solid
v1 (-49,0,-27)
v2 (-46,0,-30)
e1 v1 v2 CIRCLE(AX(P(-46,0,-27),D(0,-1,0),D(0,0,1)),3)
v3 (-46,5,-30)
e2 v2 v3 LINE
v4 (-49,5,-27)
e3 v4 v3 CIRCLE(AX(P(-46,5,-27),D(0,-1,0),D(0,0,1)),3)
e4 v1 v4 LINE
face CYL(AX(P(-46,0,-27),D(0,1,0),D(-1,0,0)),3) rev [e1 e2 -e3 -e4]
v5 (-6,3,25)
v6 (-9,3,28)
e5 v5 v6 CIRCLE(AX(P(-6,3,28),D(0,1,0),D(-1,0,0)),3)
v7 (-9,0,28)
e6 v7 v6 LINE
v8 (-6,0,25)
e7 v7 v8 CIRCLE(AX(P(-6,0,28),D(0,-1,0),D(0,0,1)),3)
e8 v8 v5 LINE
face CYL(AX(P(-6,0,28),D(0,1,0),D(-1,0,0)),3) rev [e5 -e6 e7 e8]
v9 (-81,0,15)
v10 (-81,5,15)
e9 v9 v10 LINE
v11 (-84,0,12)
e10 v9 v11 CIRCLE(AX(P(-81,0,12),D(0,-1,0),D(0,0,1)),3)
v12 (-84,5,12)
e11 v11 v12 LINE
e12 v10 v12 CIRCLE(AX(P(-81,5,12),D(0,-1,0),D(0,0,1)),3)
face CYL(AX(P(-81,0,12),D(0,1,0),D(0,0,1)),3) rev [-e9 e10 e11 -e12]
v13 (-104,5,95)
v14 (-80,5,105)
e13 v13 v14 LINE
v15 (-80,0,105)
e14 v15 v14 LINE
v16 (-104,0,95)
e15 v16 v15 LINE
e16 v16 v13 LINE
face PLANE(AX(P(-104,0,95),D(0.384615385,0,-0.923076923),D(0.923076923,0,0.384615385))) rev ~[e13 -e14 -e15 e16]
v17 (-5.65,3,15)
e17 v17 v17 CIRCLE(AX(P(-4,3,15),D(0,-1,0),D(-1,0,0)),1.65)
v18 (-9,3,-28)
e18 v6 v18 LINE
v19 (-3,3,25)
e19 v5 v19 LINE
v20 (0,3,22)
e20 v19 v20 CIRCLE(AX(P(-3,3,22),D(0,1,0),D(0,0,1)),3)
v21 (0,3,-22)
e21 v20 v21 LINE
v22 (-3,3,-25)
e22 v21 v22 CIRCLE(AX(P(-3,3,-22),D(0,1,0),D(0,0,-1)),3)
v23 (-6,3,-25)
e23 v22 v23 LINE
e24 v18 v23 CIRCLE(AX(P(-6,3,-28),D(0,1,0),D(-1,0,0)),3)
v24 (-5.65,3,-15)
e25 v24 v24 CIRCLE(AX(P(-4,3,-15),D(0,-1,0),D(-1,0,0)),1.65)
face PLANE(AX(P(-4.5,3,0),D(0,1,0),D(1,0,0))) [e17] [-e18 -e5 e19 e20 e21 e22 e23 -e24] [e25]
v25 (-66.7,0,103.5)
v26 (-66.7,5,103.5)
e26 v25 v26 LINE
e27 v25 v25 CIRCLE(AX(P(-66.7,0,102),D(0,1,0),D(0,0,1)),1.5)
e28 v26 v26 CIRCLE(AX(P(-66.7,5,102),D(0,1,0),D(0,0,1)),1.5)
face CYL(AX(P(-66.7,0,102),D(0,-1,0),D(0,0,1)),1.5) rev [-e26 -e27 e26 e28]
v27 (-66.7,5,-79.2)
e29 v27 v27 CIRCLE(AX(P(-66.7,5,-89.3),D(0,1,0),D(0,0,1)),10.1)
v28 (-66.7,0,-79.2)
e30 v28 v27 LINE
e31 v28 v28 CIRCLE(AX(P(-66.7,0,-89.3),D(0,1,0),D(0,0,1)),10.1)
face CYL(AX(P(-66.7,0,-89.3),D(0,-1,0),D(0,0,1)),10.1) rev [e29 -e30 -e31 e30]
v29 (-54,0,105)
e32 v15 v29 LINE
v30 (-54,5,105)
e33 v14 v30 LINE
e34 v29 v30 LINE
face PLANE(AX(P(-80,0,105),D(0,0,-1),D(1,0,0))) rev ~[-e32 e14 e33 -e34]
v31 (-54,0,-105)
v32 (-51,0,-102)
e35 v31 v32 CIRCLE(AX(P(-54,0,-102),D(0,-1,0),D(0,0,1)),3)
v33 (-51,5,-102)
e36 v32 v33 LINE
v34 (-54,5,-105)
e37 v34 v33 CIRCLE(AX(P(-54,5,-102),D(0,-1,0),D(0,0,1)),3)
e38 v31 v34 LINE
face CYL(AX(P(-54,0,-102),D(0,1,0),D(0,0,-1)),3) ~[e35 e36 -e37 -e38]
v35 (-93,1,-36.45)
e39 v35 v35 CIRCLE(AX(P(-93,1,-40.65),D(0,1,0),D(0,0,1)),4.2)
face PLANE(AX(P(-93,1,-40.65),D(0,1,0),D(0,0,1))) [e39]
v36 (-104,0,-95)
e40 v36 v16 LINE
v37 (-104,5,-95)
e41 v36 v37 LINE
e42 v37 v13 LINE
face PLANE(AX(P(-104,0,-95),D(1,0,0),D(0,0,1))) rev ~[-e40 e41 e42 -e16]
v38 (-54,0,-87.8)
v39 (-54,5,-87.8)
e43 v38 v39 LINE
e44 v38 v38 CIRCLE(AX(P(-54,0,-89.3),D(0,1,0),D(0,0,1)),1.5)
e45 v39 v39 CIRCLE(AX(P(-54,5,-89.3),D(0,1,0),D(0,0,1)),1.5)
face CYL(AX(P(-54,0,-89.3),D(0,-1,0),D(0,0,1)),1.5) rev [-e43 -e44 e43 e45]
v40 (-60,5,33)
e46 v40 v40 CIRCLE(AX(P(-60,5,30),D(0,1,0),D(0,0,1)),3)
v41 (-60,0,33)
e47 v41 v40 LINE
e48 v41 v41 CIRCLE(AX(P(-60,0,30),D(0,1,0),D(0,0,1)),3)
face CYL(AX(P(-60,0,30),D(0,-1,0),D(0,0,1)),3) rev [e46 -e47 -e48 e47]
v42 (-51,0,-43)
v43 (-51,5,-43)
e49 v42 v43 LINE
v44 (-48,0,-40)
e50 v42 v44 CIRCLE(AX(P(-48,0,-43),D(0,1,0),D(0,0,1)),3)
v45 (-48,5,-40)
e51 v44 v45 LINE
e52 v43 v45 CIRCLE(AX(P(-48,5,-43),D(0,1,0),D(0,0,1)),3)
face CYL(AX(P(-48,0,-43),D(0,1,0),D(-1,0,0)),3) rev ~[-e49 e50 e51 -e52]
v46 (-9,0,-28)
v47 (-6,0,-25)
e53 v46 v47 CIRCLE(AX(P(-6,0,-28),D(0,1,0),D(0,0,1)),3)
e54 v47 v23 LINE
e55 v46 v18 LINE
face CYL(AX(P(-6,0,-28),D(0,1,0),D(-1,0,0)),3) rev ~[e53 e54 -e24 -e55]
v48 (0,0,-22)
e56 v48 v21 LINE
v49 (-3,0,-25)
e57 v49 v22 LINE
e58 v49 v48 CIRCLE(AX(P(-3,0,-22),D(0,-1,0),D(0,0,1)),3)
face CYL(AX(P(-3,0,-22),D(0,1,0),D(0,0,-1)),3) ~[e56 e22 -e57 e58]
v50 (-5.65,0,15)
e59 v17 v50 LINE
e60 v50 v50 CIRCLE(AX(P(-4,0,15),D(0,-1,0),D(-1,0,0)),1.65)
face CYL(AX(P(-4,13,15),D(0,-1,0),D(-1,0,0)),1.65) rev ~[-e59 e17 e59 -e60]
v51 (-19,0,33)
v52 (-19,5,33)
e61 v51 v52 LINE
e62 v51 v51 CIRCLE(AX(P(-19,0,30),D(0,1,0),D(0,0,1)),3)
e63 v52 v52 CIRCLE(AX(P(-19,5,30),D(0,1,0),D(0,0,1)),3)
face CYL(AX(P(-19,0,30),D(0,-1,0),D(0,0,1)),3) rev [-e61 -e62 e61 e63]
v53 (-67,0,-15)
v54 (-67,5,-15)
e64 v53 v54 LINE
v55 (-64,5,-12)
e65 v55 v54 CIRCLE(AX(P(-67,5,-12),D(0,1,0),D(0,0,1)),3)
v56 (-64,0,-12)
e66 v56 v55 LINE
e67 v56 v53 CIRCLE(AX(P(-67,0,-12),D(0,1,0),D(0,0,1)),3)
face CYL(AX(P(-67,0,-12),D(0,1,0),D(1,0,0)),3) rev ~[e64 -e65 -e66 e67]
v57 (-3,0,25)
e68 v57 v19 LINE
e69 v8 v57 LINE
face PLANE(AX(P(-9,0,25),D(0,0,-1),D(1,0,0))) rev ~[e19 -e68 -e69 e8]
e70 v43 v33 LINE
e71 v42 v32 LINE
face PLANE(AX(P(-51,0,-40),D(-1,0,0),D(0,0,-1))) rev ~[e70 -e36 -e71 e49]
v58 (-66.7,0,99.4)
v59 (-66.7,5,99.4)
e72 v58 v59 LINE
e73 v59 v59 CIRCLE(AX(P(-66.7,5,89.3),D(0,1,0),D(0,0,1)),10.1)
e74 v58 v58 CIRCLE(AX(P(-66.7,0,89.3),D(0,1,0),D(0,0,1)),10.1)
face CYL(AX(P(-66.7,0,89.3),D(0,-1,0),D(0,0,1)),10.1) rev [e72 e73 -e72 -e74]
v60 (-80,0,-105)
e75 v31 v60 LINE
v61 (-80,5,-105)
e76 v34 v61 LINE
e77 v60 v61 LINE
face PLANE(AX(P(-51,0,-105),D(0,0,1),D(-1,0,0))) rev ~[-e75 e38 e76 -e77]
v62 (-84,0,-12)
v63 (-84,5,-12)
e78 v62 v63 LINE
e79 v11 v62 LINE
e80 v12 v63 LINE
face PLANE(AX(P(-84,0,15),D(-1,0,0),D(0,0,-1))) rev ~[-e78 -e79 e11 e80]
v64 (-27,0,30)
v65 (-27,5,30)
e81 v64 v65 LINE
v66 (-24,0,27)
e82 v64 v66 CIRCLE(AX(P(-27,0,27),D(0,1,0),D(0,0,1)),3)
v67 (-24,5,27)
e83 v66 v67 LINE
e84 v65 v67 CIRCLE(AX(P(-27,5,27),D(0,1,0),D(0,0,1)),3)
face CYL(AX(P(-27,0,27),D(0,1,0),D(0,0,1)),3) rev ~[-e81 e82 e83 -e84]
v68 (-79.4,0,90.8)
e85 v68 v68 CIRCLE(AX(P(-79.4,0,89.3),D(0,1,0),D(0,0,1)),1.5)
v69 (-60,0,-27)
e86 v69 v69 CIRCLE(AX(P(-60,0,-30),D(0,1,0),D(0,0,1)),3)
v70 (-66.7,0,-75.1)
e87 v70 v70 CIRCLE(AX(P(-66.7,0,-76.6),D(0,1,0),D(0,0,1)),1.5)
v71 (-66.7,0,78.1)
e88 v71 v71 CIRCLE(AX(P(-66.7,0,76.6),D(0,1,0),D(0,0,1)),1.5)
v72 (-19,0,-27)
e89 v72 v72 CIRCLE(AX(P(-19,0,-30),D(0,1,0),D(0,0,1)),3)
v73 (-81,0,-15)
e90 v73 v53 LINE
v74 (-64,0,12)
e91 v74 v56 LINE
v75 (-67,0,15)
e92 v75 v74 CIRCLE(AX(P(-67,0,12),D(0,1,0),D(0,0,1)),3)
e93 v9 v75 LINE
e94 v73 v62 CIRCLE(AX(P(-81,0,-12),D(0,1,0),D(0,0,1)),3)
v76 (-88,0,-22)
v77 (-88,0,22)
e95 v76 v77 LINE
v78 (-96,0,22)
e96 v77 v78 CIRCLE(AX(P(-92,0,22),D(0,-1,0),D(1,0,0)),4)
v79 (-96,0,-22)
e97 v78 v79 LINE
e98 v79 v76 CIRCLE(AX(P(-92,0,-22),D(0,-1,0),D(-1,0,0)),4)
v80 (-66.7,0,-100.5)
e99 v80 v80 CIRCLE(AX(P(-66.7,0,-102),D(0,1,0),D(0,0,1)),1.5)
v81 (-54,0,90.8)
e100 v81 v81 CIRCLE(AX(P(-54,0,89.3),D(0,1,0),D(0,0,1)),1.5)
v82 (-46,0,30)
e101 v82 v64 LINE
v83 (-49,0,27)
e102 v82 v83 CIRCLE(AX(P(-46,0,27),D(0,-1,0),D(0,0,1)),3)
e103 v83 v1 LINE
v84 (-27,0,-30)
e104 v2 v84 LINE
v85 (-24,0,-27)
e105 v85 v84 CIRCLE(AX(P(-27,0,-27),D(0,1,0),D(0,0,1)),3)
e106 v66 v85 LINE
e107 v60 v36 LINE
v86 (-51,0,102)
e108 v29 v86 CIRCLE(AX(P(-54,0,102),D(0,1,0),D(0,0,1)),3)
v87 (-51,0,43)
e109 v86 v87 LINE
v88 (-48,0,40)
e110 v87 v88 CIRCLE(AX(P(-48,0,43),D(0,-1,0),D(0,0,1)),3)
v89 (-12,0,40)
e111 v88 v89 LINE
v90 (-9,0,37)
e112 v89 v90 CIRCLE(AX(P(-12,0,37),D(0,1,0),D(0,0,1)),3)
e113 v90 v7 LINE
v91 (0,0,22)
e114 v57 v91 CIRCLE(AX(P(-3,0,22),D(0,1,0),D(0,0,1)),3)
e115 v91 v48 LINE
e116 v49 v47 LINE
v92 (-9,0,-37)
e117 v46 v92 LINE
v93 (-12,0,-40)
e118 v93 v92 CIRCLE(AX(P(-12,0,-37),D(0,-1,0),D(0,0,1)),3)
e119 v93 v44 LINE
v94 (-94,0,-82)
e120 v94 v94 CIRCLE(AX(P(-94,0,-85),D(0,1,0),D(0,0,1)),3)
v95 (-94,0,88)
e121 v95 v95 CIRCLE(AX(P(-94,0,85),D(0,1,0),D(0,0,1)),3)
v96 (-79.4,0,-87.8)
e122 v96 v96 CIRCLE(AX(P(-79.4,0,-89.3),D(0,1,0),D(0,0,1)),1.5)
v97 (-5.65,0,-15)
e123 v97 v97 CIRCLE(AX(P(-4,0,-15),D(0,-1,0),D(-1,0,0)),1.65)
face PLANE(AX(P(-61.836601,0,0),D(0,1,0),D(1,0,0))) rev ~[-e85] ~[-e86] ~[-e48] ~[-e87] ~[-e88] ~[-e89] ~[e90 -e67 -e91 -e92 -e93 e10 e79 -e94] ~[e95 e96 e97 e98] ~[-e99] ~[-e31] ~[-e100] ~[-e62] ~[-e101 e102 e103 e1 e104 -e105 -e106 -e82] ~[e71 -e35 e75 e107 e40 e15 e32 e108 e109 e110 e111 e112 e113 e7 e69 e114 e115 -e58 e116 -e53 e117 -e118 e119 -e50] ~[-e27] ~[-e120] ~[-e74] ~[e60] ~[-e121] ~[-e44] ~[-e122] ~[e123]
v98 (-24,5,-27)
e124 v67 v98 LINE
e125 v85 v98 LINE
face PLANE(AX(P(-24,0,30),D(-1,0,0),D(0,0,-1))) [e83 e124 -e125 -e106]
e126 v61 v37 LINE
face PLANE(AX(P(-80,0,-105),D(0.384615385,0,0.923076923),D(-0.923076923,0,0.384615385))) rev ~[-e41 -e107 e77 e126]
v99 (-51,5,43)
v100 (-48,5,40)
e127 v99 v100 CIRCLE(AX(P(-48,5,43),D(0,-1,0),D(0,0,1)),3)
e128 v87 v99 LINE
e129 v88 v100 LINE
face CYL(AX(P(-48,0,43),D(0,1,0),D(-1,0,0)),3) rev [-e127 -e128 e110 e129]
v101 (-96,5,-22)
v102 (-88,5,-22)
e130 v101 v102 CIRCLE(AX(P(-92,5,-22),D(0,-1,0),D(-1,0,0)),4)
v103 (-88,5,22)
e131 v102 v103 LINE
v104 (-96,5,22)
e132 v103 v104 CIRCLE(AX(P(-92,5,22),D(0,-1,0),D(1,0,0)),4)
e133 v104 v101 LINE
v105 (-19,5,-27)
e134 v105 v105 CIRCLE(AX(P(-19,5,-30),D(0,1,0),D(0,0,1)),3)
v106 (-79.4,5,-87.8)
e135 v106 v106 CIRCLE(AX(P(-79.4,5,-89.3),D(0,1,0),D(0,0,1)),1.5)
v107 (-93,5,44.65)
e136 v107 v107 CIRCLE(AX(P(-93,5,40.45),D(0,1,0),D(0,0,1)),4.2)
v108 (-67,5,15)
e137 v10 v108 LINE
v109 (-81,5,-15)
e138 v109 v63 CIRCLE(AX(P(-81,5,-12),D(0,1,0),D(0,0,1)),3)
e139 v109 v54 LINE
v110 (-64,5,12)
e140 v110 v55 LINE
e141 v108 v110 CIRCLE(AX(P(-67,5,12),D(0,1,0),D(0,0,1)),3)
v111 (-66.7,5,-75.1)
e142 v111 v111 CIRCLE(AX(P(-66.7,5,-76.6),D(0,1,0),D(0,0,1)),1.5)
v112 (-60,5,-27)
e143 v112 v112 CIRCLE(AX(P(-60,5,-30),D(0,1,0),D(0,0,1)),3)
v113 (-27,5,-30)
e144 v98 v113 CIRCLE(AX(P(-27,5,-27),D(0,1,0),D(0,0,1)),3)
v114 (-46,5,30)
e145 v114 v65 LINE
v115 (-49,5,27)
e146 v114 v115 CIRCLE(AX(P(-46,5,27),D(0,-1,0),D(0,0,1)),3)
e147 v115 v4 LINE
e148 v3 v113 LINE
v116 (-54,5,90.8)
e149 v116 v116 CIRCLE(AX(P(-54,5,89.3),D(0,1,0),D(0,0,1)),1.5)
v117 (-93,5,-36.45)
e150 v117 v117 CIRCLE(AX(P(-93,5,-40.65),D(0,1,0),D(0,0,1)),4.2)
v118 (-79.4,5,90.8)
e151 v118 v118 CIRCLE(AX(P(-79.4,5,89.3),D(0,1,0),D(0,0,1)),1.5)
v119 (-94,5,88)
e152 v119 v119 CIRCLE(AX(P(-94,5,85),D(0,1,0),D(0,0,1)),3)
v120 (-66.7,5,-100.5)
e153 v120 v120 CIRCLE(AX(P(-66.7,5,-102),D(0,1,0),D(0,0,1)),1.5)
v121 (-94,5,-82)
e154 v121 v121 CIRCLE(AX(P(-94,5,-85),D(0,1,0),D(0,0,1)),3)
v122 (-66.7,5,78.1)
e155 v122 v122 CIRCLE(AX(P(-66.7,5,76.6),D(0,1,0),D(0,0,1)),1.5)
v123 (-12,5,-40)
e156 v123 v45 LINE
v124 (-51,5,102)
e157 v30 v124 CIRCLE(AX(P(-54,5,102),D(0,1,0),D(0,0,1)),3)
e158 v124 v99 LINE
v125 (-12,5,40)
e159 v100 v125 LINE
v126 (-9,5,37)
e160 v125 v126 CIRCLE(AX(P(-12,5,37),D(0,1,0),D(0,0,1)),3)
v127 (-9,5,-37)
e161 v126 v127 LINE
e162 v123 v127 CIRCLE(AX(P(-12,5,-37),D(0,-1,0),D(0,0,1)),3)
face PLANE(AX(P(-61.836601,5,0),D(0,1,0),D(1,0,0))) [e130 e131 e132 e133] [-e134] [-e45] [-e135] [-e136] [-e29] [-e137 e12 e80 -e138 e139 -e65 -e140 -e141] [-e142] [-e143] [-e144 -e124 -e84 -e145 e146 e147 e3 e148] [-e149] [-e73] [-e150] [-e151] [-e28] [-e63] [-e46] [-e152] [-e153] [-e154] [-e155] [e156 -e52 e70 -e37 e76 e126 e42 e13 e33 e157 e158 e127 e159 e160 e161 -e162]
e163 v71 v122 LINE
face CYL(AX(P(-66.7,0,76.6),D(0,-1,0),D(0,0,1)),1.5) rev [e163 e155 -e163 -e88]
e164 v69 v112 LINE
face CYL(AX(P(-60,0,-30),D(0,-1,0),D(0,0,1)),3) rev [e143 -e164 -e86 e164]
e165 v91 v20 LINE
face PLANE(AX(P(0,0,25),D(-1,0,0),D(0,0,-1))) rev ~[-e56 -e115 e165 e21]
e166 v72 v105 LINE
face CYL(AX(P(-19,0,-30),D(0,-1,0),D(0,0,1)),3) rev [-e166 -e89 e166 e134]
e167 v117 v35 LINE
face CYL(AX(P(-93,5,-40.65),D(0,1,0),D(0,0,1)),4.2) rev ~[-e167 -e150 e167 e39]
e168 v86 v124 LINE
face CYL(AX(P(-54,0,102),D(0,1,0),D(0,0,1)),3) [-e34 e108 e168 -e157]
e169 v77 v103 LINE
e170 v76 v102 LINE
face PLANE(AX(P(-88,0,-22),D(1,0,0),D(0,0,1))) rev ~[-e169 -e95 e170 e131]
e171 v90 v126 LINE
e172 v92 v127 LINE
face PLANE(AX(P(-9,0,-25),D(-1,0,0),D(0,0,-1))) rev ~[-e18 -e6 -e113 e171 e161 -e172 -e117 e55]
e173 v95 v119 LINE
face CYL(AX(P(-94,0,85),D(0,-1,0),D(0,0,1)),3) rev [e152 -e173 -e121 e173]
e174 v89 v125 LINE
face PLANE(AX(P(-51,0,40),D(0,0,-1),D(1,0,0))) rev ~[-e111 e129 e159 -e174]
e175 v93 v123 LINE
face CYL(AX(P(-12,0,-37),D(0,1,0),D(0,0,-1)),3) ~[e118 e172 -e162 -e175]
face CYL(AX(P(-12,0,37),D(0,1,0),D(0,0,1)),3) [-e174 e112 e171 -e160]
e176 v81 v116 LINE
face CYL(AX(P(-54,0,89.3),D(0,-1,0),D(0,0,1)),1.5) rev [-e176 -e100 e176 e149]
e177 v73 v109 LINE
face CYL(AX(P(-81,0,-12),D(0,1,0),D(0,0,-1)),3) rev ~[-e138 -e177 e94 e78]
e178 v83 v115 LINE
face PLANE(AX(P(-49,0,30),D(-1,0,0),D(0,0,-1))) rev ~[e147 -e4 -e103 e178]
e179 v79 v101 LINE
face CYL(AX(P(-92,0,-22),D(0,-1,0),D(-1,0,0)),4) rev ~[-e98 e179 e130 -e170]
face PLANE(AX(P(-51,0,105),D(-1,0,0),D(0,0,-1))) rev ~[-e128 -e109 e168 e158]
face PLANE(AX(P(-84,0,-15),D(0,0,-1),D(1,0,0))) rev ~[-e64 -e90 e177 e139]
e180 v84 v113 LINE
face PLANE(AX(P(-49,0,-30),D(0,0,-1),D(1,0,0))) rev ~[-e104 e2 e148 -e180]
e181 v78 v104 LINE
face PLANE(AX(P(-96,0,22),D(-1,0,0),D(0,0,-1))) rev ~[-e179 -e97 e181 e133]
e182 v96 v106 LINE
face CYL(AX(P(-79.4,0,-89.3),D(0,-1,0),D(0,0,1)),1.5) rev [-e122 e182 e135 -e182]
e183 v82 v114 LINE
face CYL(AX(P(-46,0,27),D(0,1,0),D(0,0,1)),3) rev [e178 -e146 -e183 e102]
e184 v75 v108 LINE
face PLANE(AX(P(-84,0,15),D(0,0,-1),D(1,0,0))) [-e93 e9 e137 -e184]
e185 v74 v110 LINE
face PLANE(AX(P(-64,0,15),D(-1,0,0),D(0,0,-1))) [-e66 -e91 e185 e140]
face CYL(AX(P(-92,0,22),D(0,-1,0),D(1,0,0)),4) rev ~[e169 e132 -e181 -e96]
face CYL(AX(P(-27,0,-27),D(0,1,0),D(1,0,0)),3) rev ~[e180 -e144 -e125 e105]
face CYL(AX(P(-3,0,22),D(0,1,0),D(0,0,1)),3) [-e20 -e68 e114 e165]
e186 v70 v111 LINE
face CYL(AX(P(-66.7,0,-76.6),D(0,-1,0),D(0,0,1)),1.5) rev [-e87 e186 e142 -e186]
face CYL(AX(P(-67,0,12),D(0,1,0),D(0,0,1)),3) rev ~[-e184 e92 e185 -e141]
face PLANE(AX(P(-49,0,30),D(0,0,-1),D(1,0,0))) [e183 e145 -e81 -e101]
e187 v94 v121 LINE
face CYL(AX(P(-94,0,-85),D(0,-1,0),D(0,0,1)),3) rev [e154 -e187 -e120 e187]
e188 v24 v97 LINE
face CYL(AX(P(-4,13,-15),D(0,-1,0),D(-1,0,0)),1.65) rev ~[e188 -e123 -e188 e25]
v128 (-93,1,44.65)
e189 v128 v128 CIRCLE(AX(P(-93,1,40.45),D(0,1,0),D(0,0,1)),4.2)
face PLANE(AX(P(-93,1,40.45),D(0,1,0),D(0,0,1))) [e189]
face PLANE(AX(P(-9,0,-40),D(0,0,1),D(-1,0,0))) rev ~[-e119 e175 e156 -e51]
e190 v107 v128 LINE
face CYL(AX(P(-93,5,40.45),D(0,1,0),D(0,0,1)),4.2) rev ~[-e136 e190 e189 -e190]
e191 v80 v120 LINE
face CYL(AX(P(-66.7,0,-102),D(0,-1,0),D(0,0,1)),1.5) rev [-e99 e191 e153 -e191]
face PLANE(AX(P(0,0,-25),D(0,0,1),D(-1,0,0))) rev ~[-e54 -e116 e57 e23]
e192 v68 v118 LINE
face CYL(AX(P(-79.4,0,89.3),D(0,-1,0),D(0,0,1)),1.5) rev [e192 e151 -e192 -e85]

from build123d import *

# Parameters (mm, degrees)
ESQUISSE1_R                                   = 3
ESQUISSE1_R_2                                 = 10.1
ESQUISSE1_R_3                                 = 1.5
ESQUISSE1_W                                   = 25
ESQUISSE1_H                                   = 60
ESQUISSE1_W_2                                 = 20
ESQUISSE1_H_2                                 = 30
BOSS_EXTRU_1_DEPTH                            = 5
CONG_1_R                                      = 3
ESQUISSE3_R                                   = 4.2
ENL_V_MAT_EXTRU_2_DEPTH                       = 4
ESQUISSE4_W                                   = 9
ESQUISSE4_H                                   = 56
ENL_V_MAT_EXTRU_3_DEPTH                       = 2
TROU_POUR_TARAUDAGE_POUR_TROU_TARAUD_M4_D     = 3.3
TROU_POUR_TARAUDAGE_POUR_TROU_TARAUD_M4_DEPTH = 10
TROU_POUR_TARAUDAGE_POUR_TROU_TARAUD_M4_TIP   = 0.991420021


with BuildPart() as part:
    # Esquisse1 → Boss.-Extru.1 (new body)
    with BuildSketch(Plane(origin=(0, 0, 0), x_dir=(1, 0, 0), z_dir=(0, 1, 0))):
        Polygon((-104, 95), (-104, -95), (-80, -105), (-51, -105), (-51, -40), (-9, -40), (-9, -25), (0, -25), (0, 25), (-9, 25), (-9, 40), (-51, 40), (-51, 105), (-80, 105), align=None)
        with Locations(Location((-60, 30, 0), (0, 0, 270))):
            Circle(ESQUISSE1_R, mode=Mode.SUBTRACT)
        with Locations(Location((-60, -30, 0), (0, 0, 270))):
            Circle(ESQUISSE1_R, mode=Mode.SUBTRACT)
        with Locations(Location((-19, -30, 0), (0, 0, 270))):
            Circle(ESQUISSE1_R, mode=Mode.SUBTRACT)
        with Locations(Location((-19, 30, 0), (0, 0, 270))):
            Circle(ESQUISSE1_R, mode=Mode.SUBTRACT)
        with Locations(Location((-94, 85, 0), (0, 0, 270))):
            Circle(ESQUISSE1_R, mode=Mode.SUBTRACT)
        with Locations(Location((-94, -85, 0), (0, 0, 270))):
            Circle(ESQUISSE1_R, mode=Mode.SUBTRACT)
        with Locations(Location((-66.7, 89.3, 0), (0, 0, 270))):
            Circle(ESQUISSE1_R_2, mode=Mode.SUBTRACT)
        with Locations(Location((-54, 89.3, 0), (0, 0, 270))):
            Circle(ESQUISSE1_R_3, mode=Mode.SUBTRACT)
        with Locations(Location((-66.7, 102, 0), (0, 0, 270))):
            Circle(ESQUISSE1_R_3, mode=Mode.SUBTRACT)
        with Locations(Location((-79.4, 89.3, 0), (0, 0, 270))):
            Circle(ESQUISSE1_R_3, mode=Mode.SUBTRACT)
        with Locations(Location((-66.7, 76.6, 0), (0, 0, 270))):
            Circle(ESQUISSE1_R_3, mode=Mode.SUBTRACT)
        with Locations(Location((-66.7, -89.3, 0), (0, 0, 270))):
            Circle(ESQUISSE1_R_2, mode=Mode.SUBTRACT)
        with Locations(Location((-54, -89.3, 0), (0, 0, 270))):
            Circle(ESQUISSE1_R_3, mode=Mode.SUBTRACT)
        with Locations(Location((-66.7, -76.6, 0), (0, 0, 270))):
            Circle(ESQUISSE1_R_3, mode=Mode.SUBTRACT)
        with Locations(Location((-79.4, -89.3, 0), (0, 0, 270))):
            Circle(ESQUISSE1_R_3, mode=Mode.SUBTRACT)
        with Locations(Location((-66.7, -102, 0), (0, 0, 270))):
            Circle(ESQUISSE1_R_3, mode=Mode.SUBTRACT)
        with Locations((-36.5, 0)):
            Rectangle(ESQUISSE1_W, ESQUISSE1_H, mode=Mode.SUBTRACT)
        with BuildLine():
            Line((-88, 22), (-88, -22))
            ThreePointArc((-88, -22), (-92, -26), (-96, -22))
            Line((-96, -22), (-96, 22))
            ThreePointArc((-96, 22), (-92, 26), (-88, 22))
        make_face(mode=Mode.SUBTRACT)
        with Locations((-74, 0)):
            Rectangle(ESQUISSE1_W_2, ESQUISSE1_H_2, mode=Mode.SUBTRACT)
    extrude(amount=BOSS_EXTRU_1_DEPTH)

    # Congé1
    cong_1_edges = [part.edges().sort_by_distance(p)[0] for p in [
        (-51, 2.5, -105),
        (-51, 2.5, -40),
        (-9, 2.5, -40),
        (-9, 2.5, -25),
        (0, 2.5, -25),
        (0, 2.5, 25),
        (-9, 2.5, 25),
        (-9, 2.5, 40),
        (-51, 2.5, 40),
        (-51, 2.5, 105),
        (-49, 2.5, -30),
        (-49, 2.5, 30),
        (-24, 2.5, 30),
        (-24, 2.5, -30),
        (-84, 2.5, -15),
        (-84, 2.5, 15),
        (-64, 2.5, 15),
        (-64, 2.5, -15),
    ]]
    fillet(cong_1_edges, radius=CONG_1_R)

    # Esquisse3 → Enlèv. mat.-Extru.2 (cut)
    with BuildSketch(Plane(origin=(0, 5, 0), x_dir=(1, 0, 0), z_dir=(0, 1, 0))):
        with Locations(Location((-93, 40.65, 0), (0, 0, 270))):
            Circle(ESQUISSE3_R)
        with Locations(Location((-93, -40.45, 0), (0, 0, 270))):
            Circle(ESQUISSE3_R)
    extrude(amount=-ENL_V_MAT_EXTRU_2_DEPTH, mode=Mode.SUBTRACT)

    # Esquisse4 → Enlèv. mat.-Extru.3 (cut)
    with BuildSketch(Plane(origin=(0, 5, 0), x_dir=(1, 0, 0), z_dir=(0, 1, 0))):
        with Locations((-4.5, 0)):
            Rectangle(ESQUISSE4_W, ESQUISSE4_H)
    extrude(amount=-ENL_V_MAT_EXTRU_3_DEPTH, mode=Mode.SUBTRACT)

    # Trou pour taraudage pour trou taraudé M41
    with Locations(Plane(origin=(0, 3, 0), x_dir=(1, 0, 0), z_dir=(0, 1, 0))):
        with Locations((-4, 15), (-4, -15)):
            Hole(TROU_POUR_TARAUDAGE_POUR_TROU_TARAUD_M4_D / 2, depth=TROU_POUR_TARAUDAGE_POUR_TROU_TARAUD_M4_DEPTH)
            with Locations((0, 0, -(TROU_POUR_TARAUDAGE_POUR_TROU_TARAUD_M4_DEPTH + TROU_POUR_TARAUDAGE_POUR_TROU_TARAUD_M4_TIP / 2))):  # 118° drill point
                Cone(0, TROU_POUR_TARAUDAGE_POUR_TROU_TARAUD_M4_D / 2, TROU_POUR_TARAUDAGE_POUR_TROU_TARAUD_M4_TIP, mode=Mode.SUBTRACT)


solid = part.part
